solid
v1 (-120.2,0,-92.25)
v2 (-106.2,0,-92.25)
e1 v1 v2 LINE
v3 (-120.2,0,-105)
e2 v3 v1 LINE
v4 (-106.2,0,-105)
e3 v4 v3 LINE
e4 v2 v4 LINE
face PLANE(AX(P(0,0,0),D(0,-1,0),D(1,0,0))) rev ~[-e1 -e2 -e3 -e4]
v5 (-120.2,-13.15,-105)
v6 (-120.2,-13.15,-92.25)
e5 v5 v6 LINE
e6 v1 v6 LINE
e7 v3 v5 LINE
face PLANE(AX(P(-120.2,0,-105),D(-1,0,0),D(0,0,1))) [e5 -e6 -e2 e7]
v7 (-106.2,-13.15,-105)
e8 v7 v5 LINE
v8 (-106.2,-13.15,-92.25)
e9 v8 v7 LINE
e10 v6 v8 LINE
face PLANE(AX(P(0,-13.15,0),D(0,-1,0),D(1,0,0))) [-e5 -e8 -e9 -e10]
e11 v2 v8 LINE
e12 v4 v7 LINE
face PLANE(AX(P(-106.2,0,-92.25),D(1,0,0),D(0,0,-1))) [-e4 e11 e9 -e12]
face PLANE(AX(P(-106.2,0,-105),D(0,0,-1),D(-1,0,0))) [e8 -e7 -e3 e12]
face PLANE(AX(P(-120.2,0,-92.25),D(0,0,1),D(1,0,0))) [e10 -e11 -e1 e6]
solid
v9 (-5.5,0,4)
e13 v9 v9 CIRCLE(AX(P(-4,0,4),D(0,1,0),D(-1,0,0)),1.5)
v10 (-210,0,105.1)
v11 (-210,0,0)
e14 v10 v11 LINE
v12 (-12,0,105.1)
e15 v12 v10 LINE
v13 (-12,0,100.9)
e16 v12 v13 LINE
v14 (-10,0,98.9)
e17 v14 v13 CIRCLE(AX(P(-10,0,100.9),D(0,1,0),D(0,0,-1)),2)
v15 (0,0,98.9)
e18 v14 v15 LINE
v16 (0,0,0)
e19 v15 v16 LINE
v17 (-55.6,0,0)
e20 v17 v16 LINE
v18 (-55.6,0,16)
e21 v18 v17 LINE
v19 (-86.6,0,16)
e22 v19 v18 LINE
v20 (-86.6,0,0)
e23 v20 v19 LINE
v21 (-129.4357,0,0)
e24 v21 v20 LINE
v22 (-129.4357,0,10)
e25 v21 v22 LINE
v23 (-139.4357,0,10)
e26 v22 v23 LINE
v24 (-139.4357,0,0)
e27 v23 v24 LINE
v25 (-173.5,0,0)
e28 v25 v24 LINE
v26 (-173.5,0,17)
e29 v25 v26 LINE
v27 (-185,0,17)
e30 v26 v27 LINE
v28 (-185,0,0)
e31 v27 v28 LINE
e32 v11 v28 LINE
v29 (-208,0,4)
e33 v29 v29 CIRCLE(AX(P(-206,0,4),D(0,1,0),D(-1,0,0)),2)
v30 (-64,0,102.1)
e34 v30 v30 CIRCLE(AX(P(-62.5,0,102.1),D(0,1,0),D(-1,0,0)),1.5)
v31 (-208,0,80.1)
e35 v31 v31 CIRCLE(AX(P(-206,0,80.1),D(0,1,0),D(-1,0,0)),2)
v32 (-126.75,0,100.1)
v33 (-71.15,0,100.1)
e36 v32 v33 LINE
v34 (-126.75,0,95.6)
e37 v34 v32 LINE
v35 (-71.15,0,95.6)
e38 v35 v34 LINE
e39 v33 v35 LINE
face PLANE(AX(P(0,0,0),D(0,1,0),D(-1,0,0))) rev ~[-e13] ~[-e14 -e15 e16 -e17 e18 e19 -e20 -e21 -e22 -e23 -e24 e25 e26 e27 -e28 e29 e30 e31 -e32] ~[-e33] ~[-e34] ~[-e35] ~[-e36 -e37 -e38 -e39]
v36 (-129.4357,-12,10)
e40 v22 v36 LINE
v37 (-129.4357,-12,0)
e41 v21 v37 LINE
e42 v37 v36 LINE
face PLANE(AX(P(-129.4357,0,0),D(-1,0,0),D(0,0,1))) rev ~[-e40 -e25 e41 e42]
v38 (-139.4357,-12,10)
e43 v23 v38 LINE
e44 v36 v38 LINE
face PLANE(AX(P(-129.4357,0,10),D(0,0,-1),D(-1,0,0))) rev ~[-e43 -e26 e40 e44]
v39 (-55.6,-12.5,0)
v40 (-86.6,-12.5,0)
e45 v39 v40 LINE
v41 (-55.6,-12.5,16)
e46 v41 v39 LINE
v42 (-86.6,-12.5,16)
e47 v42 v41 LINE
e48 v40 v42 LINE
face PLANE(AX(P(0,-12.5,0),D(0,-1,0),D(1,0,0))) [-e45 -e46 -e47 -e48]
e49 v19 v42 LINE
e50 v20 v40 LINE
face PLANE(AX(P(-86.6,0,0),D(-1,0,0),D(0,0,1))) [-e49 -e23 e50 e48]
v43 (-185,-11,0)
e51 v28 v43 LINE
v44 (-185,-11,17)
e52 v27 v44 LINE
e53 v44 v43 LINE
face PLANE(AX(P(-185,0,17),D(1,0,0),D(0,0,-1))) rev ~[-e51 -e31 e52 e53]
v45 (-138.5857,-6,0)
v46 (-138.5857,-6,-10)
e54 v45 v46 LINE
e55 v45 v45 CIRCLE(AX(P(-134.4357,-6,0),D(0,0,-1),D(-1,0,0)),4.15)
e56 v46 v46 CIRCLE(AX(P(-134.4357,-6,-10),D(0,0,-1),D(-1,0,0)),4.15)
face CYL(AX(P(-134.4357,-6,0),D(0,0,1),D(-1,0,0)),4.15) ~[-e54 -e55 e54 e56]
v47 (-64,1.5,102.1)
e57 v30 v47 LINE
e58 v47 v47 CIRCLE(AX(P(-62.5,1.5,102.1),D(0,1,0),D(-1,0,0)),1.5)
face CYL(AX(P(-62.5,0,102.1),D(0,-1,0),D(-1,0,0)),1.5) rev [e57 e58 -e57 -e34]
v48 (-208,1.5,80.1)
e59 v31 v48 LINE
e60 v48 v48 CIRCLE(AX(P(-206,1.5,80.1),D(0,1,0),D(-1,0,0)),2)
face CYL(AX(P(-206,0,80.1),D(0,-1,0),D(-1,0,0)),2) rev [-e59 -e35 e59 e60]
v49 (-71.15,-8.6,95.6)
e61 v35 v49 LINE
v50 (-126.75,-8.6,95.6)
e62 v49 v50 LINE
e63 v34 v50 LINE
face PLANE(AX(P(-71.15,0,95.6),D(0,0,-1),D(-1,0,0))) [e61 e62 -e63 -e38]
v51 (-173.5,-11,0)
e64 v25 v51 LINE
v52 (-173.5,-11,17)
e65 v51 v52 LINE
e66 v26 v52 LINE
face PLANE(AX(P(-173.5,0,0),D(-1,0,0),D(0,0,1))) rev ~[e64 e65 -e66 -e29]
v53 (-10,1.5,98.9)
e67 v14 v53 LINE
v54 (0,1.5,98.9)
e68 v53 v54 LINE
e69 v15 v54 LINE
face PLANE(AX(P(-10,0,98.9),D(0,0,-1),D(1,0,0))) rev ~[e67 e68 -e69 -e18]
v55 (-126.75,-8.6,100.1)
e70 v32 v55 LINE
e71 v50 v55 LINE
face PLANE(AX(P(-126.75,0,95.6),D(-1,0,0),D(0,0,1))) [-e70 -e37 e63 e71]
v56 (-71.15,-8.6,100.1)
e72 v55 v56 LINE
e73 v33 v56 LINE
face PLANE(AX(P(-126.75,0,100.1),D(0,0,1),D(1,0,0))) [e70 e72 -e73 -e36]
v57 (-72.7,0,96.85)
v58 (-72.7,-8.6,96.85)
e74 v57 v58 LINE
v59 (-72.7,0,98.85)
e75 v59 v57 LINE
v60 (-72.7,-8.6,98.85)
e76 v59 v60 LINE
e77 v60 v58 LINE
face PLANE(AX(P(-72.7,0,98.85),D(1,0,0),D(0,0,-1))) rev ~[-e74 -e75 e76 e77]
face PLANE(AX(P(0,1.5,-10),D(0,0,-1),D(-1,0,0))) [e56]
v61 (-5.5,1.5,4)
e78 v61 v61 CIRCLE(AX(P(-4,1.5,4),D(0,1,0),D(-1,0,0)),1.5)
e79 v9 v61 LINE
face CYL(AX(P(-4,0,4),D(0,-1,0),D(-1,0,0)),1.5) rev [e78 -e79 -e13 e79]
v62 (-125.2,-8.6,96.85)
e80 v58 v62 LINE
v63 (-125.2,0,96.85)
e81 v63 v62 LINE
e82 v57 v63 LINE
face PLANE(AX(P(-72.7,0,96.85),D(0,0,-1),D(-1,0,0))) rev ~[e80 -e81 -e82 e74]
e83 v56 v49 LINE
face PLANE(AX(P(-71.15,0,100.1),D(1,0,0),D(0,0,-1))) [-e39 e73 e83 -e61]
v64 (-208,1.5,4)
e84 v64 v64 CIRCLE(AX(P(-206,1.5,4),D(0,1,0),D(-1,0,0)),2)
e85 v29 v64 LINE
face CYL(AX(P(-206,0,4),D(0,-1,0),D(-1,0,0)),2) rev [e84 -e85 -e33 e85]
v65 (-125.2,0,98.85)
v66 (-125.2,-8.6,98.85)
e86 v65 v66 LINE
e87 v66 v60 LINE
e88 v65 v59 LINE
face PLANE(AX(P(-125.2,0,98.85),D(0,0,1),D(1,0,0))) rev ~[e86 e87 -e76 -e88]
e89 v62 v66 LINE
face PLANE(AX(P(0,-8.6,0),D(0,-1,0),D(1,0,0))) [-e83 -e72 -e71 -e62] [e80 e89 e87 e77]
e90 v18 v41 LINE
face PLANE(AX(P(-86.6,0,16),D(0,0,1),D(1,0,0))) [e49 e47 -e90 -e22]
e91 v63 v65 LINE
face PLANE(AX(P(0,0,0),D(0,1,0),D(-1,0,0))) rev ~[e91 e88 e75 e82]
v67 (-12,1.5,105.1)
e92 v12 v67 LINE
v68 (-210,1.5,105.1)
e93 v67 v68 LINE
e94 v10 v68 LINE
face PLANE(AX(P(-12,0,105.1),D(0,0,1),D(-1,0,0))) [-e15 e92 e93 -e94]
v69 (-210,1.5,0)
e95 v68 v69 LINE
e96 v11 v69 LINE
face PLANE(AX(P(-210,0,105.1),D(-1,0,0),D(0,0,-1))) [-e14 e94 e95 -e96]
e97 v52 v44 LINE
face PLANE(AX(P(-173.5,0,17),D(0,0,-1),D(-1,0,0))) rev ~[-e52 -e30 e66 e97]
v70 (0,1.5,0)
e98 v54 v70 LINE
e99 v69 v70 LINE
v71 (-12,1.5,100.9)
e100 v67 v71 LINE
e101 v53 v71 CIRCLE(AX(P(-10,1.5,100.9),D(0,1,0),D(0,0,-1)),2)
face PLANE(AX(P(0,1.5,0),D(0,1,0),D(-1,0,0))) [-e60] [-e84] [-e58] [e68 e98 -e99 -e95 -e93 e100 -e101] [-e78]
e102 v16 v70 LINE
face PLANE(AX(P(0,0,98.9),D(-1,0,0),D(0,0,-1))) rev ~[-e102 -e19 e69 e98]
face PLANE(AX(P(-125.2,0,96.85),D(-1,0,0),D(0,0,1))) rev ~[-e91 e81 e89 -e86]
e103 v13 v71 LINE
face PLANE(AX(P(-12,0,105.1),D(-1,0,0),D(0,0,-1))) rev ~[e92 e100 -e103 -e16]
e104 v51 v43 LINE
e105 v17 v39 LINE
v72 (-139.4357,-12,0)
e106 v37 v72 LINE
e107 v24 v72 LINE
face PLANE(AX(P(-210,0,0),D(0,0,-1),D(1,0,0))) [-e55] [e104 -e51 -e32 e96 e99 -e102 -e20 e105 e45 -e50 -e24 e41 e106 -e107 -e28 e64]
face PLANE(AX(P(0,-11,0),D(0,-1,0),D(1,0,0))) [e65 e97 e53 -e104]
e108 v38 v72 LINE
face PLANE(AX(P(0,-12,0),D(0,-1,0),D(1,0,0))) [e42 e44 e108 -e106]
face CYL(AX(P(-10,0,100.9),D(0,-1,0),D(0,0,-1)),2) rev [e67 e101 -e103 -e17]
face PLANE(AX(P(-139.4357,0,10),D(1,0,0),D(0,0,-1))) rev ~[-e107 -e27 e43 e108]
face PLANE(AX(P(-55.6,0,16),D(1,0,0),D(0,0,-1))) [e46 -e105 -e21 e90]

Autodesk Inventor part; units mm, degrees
ref_plane "YZ Plane" through (0, 0, 0) normal (1, 0, 0) x (0, 1, 0)
ref_plane "XZ Plane" through (0, 0, 0) normal (0, 1, 0) x (-1, 0, 0)
ref_plane "XY Plane" through (0, 0, 0) normal (0, 0, 1) x (1, 0, 0)
sketch "Sketch1" plane through (0, 0, 0) normal (0, 1, 0) x (-1, 0, 0)
  line L0 (12, 105.1) -> (210, 105.1)
  line L1 (210, 105.1) -> (210, 0)
  line L2 (210, 0) -> (0, 0)
  circle A0 centre (4, 4) radius 1.5
  circle A1 centre (206, 4) radius 2
  circle A2 centre (206, 80.1) radius 2
  circle A3 centre (62.5, 102.1) radius 1.5
  line L3 (12, 105.1) -> (12, 100.9)
  line L4 (10, 98.9) -> (0, 98.9)
  arc A4 (10, 98.9) -> (12, 100.9) centre (10, 100.9) ccw
  line L5 (0, 98.9) -> (0, 0)
  point P0 (12, 98.9)
  dimension "d1" = 210
  dimension "d6" = 3
  dimension "d7" = 4
  dimension "d9" = 4
  dimension "d12" = 3
  dimension "d13" = 3
  dimension "d14" = 12
  dimension "d15" = 6.2
  dimension "d16" = 2
  dimension "d52" = 105.1
  dimension "d53" = 4
  dimension "d54" = 4
  dimension "d55" = 62.5
  dimension "d56" = 206
  dimension "d57" = 80.1
  dimension "d58" = 4
extrude "Extrusion1" add sketch "Sketch1" along normal blind 1.5
sketch "Sketch2" plane through (0, 0, 0) normal (0, -1, 0) x (1, 0, 0)
  line L0 (-126.75, 100.1) -> (-71.15, 100.1)
  line L1 (-71.15, 100.1) -> (-71.15, 95.6)
  line L2 (-71.15, 95.6) -> (-126.75, 95.6)
  line L3 (-126.75, 95.6) -> (-126.75, 100.1)
  line L4 (-210, 0) -> (-210, 105.1) projected
  line L5 (0, 98.9) -> (0, 0) projected
  line L6 (-72.7, 96.85) -> (-125.2, 96.85)
  line L7 (-125.2, 96.85) -> (-125.2, 98.85)
  line L8 (-125.2, 98.85) -> (-72.7, 98.85)
  line L9 (-72.7, 98.85) -> (-72.7, 96.85)
  line L10 (-210, 105.1) -> (-12, 105.1) projected
  point P0 (-126.75, 97.85)
  point P1 (-72.7, 97.85)
  point P2 (-71.15, 97.85)
  point P3 (-98.95, 98.85)
  point P4 (-98.95, 100.1)
  point P5 (-111, 105.1)
  dimension "d17" = 4.5
  dimension "d18" = 55.6
  dimension "d33" = 52.5
  dimension "d34" = 2
  dimension "d35" = 71.15
  dimension "d36" = 5
sketch "Sketch3" plane through (0, 0, 0) normal (0, -1, 0) x (1, 0, 0)
  line L0 (0, 0) -> (-210, 0) projected
  line L1 (-55.6, 0) -> (-86.6, 0)
  line L2 (-86.6, 0) -> (-86.6, 16)
  line L3 (-86.6, 16) -> (-55.6, 16)
  line L4 (-55.6, 16) -> (-55.6, 0)
  line L5 (0, 98.9) -> (0, 0) projected
  point P0 (-55.6, 8)
  point P1 (-86.6, 0)
  dimension "d23" = 55.6
  dimension "d24" = 31
  dimension "d25" = 16
extrude "Extrusion3" add sketch "Sketch3" along normal blind 12.5
sketch "Sketch4" plane through (0, 0, 0) normal (0, -1, 0) x (1, 0, 0)
  line L0 (-2.4, -105) -> (-210, -105)
  line L1 (-105, -105) -> (-120.2, -105)
  line L2 (-120.2, -105) -> (-120.2, -92.25)
  line L3 (-120.2, -92.25) -> (-106.2, -92.25)
  line L4 (-106.2, -92.25) -> (-106.2, -105)
  line L5 (-86.6, 16) -> (-86.6, 0) projected
  point P0 (0, 0)
  point P1 (-2.4, -105)
  point P2 (-120.2, -105)
  dimension "d28" = 12.75
  dimension "d29" = 14
  dimension "d32" = 19.6
extrude "Extrusion4" add sketch "Sketch4" along normal blind 13.15
extrude "Extrusion5" add sketch "Sketch2" along normal blind 8.6
sketch "Sketch5" plane through (0, 0, 0) normal (0, -1, 0) x (1, 0, 0)
  line L0 (0, 0) -> (-210, 0) projected
  line L1 (-185, 0) -> (-173.5, 0)
  line L2 (-173.5, 0) -> (-173.5, 17)
  line L3 (-173.5, 17) -> (-185, 17)
  line L4 (-185, 17) -> (-185, 0)
  line L5 (-210, 0) -> (-210, 105.1) projected
  point P0 (-173.5, 0)
  dimension "d39" = 17
  dimension "d40" = 11.5
  dimension "d43" = 25
extrude "Extrusion6" add sketch "Sketch5" along normal blind 11
sketch "Sketch6" plane through (0, 0, 0) normal (0, -1, 0) x (1, 0, 0)
  line L0 (0, 0) -> (-210, 0) projected
  line L1 (-139.4357, 0) -> (-129.4357, 0)
  line L2 (-129.4357, 0) -> (-129.4357, 10)
  line L3 (-129.4357, 10) -> (-139.4357, 10)
  line L4 (-139.4357, 10) -> (-139.4357, 0)
  point P0 (-129.4357, 0)
  dimension "d44" = 10
  dimension "d45" = 10
extrude "Extrusion7" add sketch "Sketch6" along normal blind 12
sketch "Sketch7" plane through (0, 1.5, 0) normal (0, 0, -1) x (-1, 0, 0)
  circle A0 centre (134.4357, -7.5) radius 4.15
  line L0 (139.4357, -1.5) -> (139.4357, -13.5) projected
  line L1 (139.4357, -13.5) -> (129.4357, -13.5) projected
  point P0 (0, -1.5)
  point P1 (139.4357, -7.5)
  point P2 (134.4357, -13.5)
  dimension "d48" = 8.3
extrude "Extrusion8" add sketch "Sketch7" along normal blind 10
properties part number "motherboard"
